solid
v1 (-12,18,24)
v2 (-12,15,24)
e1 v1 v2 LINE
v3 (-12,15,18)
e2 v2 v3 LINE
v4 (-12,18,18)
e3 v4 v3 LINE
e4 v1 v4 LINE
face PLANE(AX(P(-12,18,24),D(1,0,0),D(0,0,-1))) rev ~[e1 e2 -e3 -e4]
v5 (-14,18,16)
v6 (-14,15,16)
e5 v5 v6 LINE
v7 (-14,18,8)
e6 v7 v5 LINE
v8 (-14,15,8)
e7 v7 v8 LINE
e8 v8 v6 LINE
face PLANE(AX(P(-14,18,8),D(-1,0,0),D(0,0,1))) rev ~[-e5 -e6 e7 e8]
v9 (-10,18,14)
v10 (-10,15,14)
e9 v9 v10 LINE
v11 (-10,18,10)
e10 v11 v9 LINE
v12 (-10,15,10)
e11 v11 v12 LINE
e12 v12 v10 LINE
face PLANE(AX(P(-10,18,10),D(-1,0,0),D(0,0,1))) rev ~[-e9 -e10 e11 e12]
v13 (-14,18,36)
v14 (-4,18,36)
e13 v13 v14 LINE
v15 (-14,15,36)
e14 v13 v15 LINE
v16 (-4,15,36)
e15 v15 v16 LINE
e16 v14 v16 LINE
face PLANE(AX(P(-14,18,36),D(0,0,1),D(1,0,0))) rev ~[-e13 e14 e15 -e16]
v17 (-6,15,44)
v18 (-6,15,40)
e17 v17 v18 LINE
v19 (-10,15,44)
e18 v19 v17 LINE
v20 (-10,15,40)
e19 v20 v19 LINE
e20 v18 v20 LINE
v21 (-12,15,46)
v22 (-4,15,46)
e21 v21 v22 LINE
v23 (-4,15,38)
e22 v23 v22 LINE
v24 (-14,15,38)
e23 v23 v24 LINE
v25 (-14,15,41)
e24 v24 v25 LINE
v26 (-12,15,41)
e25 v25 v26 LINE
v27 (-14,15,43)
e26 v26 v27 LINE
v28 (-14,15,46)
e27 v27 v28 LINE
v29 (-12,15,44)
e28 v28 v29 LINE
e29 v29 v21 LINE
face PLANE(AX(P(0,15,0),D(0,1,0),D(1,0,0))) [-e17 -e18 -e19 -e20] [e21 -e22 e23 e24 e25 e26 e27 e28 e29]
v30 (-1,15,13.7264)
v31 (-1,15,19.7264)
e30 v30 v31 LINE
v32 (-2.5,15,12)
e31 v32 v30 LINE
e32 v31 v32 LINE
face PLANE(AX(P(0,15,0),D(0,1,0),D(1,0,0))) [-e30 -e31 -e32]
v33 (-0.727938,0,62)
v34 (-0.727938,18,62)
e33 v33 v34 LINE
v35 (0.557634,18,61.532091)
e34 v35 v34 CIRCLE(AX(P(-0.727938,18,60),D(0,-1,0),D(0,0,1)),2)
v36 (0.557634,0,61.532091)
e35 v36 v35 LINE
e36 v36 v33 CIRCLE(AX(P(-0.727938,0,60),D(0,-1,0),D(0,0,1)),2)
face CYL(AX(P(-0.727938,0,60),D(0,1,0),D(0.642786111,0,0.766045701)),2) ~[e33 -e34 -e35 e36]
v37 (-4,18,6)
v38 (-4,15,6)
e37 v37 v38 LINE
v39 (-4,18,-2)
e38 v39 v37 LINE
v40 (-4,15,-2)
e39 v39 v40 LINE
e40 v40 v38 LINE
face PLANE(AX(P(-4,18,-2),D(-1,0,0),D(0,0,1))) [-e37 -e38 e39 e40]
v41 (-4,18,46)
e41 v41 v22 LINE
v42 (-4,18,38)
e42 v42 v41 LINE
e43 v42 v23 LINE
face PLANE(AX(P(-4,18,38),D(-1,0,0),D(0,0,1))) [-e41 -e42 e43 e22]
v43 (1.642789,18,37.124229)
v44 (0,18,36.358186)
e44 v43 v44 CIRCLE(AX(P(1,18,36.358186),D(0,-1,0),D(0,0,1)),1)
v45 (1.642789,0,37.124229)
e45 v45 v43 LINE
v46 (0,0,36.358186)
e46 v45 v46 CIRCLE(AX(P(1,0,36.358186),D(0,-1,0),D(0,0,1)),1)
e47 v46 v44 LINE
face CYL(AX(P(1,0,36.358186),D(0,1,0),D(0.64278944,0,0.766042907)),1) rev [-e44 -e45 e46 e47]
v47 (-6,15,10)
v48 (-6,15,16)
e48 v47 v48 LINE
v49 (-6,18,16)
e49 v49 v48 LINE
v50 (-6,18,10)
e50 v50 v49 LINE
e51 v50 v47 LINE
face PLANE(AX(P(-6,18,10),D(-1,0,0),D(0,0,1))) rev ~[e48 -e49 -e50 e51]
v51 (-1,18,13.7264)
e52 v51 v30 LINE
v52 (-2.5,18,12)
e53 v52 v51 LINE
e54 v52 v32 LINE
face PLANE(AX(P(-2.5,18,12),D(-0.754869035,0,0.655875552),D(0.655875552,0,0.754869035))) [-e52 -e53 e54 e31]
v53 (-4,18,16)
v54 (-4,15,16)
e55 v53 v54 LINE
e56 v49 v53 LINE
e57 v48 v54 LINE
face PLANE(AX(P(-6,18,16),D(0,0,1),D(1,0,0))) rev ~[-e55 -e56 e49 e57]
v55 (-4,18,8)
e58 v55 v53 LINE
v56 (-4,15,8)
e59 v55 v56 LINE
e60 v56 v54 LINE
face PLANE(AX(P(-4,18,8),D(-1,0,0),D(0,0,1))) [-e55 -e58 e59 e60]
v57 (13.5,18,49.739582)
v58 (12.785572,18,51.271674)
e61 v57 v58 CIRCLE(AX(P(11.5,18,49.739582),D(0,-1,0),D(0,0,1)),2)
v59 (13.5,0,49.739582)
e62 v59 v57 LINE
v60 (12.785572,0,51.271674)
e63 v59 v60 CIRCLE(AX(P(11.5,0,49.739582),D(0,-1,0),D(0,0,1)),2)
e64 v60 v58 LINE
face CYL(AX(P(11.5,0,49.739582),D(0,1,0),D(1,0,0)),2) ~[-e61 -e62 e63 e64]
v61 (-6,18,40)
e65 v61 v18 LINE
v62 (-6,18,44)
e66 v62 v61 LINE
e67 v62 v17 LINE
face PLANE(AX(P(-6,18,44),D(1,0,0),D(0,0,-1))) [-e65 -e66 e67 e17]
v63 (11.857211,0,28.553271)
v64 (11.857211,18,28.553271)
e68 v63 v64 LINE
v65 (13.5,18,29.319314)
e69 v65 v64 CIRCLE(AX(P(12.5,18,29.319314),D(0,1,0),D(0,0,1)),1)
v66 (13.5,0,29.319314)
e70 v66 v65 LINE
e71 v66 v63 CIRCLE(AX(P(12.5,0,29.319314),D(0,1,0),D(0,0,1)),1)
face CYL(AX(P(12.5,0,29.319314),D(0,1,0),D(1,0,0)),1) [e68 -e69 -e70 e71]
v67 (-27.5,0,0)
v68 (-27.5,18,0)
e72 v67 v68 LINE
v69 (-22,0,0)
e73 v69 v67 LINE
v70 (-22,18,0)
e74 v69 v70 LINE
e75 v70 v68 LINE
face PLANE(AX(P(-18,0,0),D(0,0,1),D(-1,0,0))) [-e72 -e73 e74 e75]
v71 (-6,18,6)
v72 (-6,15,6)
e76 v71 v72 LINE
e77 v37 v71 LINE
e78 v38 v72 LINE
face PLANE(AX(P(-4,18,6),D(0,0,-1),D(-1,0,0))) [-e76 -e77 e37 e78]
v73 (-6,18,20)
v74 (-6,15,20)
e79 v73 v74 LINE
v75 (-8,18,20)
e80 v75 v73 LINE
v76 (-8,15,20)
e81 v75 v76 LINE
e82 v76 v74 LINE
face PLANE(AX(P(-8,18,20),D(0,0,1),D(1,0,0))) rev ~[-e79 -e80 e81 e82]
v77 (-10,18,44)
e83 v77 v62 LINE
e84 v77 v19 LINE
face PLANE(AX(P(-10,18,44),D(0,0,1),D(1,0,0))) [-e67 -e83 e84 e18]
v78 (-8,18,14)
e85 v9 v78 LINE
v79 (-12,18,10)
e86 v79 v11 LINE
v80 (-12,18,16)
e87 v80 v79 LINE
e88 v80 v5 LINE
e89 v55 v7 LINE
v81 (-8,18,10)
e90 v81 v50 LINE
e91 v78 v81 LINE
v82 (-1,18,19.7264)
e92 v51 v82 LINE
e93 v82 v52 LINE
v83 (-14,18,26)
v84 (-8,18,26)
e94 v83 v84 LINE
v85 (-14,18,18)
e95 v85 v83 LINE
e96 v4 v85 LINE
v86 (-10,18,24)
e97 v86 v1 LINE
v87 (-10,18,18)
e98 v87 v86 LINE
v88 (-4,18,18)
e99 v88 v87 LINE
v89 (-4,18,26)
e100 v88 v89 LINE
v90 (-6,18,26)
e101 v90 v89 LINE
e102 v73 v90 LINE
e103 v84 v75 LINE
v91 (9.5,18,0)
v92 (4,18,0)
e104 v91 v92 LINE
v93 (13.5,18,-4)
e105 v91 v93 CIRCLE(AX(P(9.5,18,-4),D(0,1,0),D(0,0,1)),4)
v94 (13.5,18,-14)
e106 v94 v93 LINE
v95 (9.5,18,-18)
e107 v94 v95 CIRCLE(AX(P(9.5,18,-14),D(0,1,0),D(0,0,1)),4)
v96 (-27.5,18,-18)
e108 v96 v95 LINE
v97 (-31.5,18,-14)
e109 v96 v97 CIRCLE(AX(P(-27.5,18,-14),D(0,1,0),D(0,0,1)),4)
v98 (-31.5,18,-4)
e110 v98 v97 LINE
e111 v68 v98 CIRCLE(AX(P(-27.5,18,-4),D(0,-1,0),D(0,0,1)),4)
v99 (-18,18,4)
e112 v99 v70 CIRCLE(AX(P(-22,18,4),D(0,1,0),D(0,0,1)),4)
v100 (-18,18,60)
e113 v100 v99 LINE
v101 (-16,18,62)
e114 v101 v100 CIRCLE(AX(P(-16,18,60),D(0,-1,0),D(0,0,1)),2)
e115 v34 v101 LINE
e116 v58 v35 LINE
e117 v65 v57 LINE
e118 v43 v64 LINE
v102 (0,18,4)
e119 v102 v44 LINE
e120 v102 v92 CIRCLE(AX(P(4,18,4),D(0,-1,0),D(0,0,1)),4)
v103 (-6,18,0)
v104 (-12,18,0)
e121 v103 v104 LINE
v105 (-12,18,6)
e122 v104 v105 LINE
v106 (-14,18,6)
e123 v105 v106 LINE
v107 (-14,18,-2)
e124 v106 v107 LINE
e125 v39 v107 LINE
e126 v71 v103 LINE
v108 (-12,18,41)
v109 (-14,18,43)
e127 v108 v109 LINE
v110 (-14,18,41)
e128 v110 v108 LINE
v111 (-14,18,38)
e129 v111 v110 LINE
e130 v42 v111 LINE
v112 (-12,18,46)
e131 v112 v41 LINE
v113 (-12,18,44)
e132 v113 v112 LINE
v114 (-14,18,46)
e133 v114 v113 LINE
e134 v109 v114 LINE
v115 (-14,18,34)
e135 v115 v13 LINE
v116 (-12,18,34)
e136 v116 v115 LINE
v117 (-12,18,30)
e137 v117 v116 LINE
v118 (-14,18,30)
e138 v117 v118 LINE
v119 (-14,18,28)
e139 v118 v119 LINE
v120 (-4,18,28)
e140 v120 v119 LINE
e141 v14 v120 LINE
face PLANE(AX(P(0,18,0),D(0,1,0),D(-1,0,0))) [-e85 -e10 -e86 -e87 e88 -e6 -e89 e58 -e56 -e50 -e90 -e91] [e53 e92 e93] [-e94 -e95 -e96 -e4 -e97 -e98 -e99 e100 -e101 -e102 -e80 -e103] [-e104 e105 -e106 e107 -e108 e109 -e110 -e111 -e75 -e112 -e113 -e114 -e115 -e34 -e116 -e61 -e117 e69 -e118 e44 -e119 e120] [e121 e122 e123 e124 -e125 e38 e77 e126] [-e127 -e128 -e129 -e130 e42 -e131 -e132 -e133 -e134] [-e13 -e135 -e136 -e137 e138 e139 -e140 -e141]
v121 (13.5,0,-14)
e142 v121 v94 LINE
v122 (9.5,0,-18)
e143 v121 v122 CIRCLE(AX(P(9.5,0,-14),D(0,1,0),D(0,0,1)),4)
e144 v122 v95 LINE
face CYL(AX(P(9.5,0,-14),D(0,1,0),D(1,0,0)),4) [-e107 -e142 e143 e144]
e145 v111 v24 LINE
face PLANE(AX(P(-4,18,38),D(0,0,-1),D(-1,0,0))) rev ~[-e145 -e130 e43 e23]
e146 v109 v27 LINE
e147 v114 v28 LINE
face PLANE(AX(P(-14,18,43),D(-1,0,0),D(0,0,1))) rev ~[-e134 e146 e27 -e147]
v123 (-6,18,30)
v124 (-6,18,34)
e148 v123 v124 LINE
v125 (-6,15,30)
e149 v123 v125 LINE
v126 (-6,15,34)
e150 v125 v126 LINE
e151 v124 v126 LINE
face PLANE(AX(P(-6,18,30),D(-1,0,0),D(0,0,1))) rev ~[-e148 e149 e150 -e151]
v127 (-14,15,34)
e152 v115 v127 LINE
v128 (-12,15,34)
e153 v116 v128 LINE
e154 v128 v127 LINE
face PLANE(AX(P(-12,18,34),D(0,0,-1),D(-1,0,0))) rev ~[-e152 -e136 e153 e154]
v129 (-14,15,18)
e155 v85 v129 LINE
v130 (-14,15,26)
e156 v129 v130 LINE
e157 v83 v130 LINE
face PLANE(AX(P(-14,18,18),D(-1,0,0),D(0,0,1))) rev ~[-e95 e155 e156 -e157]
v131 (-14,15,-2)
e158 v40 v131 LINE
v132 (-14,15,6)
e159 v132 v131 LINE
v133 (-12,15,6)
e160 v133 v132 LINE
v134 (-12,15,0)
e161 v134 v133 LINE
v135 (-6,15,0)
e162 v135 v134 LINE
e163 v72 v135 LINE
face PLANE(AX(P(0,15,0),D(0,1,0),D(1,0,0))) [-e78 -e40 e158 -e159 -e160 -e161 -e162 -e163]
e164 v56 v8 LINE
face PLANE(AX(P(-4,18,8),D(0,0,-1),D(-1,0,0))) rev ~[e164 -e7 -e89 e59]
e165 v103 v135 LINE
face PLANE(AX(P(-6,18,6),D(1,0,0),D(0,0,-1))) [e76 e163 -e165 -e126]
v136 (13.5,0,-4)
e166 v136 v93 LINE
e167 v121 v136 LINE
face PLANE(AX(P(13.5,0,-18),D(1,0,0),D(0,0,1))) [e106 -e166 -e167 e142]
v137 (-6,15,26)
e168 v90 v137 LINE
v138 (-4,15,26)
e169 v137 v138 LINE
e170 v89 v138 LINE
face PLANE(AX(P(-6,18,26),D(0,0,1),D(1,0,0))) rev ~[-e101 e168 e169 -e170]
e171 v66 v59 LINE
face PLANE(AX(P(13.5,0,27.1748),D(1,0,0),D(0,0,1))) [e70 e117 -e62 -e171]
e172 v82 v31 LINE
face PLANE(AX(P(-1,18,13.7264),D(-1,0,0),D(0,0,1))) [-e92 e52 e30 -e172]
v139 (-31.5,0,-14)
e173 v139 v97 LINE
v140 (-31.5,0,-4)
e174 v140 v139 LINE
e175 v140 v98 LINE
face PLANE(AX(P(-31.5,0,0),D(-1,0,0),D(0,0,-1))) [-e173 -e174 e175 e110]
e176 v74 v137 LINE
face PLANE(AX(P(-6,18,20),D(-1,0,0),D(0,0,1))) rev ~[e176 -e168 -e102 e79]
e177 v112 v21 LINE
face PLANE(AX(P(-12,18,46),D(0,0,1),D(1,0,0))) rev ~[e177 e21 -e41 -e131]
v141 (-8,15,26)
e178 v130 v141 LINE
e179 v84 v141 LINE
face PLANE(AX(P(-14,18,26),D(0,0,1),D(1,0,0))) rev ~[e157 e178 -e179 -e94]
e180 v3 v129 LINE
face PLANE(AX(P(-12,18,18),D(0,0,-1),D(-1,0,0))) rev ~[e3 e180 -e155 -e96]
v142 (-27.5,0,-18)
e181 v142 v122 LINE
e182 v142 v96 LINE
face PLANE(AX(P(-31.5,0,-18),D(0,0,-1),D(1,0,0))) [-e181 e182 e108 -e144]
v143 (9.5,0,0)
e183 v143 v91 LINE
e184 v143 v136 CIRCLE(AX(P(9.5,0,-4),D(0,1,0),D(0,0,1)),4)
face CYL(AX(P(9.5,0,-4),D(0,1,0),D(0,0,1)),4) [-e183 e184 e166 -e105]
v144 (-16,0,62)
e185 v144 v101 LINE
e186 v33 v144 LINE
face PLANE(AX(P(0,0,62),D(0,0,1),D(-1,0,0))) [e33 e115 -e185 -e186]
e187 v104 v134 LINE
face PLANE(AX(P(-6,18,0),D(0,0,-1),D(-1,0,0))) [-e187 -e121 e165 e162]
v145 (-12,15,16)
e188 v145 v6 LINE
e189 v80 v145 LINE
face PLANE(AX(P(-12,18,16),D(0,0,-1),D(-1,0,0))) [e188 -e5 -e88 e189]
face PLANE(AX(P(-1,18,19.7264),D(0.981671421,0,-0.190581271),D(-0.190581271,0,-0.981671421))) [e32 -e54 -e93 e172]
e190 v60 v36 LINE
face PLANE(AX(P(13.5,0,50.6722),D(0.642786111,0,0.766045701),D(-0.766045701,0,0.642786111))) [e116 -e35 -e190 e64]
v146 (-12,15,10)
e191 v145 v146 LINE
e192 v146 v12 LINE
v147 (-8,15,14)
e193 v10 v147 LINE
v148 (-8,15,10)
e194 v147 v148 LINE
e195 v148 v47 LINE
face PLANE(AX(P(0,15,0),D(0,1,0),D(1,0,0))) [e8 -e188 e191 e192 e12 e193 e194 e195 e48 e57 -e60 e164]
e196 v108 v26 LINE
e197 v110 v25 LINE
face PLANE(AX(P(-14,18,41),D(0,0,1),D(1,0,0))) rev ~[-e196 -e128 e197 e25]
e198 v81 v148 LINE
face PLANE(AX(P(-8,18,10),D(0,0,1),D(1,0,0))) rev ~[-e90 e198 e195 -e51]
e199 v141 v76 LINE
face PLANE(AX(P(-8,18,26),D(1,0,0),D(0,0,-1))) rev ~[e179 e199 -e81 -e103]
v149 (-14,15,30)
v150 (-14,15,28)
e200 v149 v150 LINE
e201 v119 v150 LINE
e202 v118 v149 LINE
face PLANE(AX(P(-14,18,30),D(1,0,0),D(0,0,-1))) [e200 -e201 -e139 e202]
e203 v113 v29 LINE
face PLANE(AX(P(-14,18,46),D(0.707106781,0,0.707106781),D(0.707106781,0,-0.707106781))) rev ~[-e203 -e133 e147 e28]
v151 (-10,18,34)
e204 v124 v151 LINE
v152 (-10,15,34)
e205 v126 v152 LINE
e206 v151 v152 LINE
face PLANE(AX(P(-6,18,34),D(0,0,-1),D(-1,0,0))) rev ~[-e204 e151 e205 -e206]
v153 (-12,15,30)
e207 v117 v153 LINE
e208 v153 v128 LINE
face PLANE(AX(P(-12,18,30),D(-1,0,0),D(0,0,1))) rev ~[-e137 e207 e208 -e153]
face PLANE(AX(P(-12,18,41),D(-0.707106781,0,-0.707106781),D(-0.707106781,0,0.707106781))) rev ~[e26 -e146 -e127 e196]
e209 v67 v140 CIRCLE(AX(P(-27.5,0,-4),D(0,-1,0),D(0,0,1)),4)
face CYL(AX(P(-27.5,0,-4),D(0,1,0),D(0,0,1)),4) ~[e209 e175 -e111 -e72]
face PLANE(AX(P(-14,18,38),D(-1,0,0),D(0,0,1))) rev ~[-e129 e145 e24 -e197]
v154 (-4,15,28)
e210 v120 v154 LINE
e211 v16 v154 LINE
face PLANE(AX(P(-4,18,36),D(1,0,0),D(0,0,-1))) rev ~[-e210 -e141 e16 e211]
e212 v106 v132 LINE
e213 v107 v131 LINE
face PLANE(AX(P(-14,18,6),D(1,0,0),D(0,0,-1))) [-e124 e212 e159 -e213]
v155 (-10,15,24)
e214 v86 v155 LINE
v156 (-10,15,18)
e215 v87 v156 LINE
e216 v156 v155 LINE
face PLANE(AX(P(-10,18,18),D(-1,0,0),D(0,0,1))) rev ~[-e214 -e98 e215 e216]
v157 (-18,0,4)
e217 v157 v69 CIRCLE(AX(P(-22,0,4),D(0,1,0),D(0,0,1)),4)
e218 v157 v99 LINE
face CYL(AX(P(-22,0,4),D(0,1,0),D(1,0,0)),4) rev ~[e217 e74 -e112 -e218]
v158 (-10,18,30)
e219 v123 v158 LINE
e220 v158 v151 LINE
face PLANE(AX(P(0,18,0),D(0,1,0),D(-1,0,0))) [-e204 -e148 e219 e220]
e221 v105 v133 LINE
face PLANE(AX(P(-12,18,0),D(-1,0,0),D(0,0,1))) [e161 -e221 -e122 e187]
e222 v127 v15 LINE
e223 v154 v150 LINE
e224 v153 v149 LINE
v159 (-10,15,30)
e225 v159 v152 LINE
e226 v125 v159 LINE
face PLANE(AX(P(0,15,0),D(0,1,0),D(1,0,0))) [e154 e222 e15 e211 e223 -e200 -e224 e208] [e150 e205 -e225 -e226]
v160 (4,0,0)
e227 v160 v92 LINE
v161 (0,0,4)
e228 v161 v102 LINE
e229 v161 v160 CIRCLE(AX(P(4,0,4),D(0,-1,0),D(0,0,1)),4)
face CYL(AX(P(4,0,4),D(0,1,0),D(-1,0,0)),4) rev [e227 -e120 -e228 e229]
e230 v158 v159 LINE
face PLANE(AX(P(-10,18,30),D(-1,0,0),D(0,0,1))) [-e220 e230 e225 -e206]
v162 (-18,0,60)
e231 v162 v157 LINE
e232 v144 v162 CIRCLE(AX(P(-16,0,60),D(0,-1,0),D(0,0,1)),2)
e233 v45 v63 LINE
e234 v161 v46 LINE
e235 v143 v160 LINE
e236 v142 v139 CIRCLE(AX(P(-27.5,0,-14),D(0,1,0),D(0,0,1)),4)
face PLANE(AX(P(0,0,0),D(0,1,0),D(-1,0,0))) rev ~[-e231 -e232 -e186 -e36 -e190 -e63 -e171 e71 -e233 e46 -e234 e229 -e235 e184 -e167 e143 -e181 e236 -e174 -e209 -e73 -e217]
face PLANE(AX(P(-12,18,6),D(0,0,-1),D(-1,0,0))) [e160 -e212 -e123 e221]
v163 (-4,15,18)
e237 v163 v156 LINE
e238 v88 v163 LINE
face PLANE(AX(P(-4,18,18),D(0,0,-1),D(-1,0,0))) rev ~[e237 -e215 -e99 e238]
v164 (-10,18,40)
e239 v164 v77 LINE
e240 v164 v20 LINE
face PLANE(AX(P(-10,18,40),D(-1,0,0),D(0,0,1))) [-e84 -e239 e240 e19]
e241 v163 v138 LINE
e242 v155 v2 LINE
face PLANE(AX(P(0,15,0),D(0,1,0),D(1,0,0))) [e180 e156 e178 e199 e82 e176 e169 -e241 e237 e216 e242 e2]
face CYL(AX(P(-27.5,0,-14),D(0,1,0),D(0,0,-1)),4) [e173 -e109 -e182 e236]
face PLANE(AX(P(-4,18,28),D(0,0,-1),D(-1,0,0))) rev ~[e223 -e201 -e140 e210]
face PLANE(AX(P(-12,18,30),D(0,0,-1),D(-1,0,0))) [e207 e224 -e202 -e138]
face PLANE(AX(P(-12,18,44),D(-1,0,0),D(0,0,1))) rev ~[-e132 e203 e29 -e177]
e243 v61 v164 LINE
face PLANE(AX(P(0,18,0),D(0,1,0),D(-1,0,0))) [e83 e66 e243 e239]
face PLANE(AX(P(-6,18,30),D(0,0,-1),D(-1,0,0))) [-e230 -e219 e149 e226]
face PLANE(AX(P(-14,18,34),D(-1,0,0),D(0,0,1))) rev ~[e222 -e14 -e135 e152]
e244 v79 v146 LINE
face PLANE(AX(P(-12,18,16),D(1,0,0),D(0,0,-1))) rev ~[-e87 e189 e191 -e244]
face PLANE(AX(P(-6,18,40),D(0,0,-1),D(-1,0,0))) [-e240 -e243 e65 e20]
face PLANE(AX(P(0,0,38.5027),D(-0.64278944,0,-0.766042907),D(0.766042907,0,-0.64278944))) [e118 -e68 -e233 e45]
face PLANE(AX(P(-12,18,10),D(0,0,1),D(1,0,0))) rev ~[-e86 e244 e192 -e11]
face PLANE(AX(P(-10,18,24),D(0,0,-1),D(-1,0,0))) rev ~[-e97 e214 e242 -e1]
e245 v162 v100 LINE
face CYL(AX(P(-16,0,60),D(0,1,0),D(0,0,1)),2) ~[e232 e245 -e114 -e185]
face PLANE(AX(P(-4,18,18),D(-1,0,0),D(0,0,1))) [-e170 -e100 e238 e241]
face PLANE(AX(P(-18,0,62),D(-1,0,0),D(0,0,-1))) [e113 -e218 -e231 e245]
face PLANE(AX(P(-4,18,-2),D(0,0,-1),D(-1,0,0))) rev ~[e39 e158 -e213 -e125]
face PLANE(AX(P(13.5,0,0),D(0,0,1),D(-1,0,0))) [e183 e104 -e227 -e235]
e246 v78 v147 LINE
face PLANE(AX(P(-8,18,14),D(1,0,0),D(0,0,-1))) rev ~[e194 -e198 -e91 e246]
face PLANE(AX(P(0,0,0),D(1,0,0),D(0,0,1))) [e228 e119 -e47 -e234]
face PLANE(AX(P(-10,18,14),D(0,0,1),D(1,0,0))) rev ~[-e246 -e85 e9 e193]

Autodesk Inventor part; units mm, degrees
ref_plane "YZ Plane" through (0, 0, 0) normal (1, 0, 0) x (0, 1, 0)
ref_plane "XZ Plane" through (0, 0, 0) normal (0, 1, 0) x (-1, 0, 0)
ref_plane "XY Plane" through (0, 0, 0) normal (0, 0, 1) x (1, 0, 0)
sketch "Sketch1" plane through (0, 0, 0) normal (0, 1, 0) x (-1, 0, 0)
  line L0 (0, 0) -> (0, 38.5027)
  line L1 (0, 38.5027) -> (-13.5, 27.1748)
  line L2 (-13.5, 27.1748) -> (-13.5, 50.6722)
  line L3 (-13.5, 50.6722) -> (0, 62)
  line L4 (0, 62) -> (18, 62)
  line L5 (18, 62) -> (18, 0)
  line L6 (18, 0) -> (31.5, 0)
  line L7 (31.5, 0) -> (31.5, -18)
  line L8 (31.5, -18) -> (-13.5, -18)
  line L9 (-13.5, -18) -> (-13.5, 0)
  line L10 (-13.5, 0) -> (0, 0)
  dimension "d0" = 50
  dimension "d1" = 80
  dimension "d2" = 18
  dimension "d3" = 18
  dimension "d4" = 13.5
  dimension "d5" = 13.5
  dimension "d6" = 18
  dimension "d7" = 0
  dimension "d8" = 0
  dimension "d9" = 0
extrude "Extrusion1" add sketch "Sketch1" along normal blind 18
fillet "Fillet1" radius 2 3 edges at (-18, 9, 62) (0, 9, 62) (13.5, 9, 50.6722)
fillet "Fillet2" radius 1 2 edges at (0, 9, 38.5027) (13.5, 9, 27.1748)
fillet "Fillet3" radius 4 6 edges at (13.5, 9, 0) (13.5, 9, -18) (-31.5, 9, -18) (-18, 9, 0) (-31.5, 9, 0) (0, 9, 0)
sketch "Sketch2" plane through (0, 18, 0) normal (0, 1, 0) x (1, 0, 0)
  line L0 (-16, -62) -> (-0.7279, -62) projected
  line L1 (-4, 2) -> (-14, 2)
  line L2 (-14, -6) -> (-14, 2)
  line L3 (-4, 2) -> (-4, -6)
  line L4 (-4, -6) -> (-6, -6)
  line L5 (-6, -6) -> (-6, 0)
  line L6 (-6, 0) -> (-12, 0)
  line L7 (-12, 0) -> (-12, -6)
  line L8 (-12, -6) -> (-14, -6)
  line L9 (-4, -8) -> (-14, -8)
  line L10 (-14, -8) -> (-14, -16)
  line L11 (-12, -16) -> (-14, -16)
  line L12 (-12, -16) -> (-12, -10)
  line L13 (-12, -10) -> (-10, -10)
  line L14 (-10, -10) -> (-10, -14)
  line L15 (-10, -14) -> (-8, -14)
  line L16 (-8, -14) -> (-8, -10)
  line L17 (-8, -10) -> (-6, -10)
  line L18 (-6, -10) -> (-6, -16)
  line L19 (-6, -16) -> (-4, -16)
  line L20 (-4, -8) -> (-4, -16)
  line L21 (-4, -18) -> (-10, -18)
  line L22 (-10, -18) -> (-10, -24)
  line L23 (-10, -24) -> (-12, -24)
  line L24 (-12, -24) -> (-12, -18)
  line L25 (-12, -18) -> (-14, -18)
  line L26 (-14, -18) -> (-14, -26)
  line L27 (-14, -26) -> (-8, -26)
  line L28 (-8, -26) -> (-8, -20)
  line L29 (-8, -20) -> (-6, -20)
  line L30 (-6, -20) -> (-6, -26)
  line L31 (-6, -26) -> (-4, -26)
  line L32 (-4, -18) -> (-4, -26)
  line L33 (-4, -28) -> (-14, -28)
  line L34 (-14, -36) -> (-4, -36)
  line L35 (-4, -36) -> (-4, -28)
  line L36 (-6, -30) -> (-10, -30)
  line L37 (-10, -30) -> (-10, -34)
  line L38 (-4, -38) -> (-14, -38)
  line L39 (-1, -19.7264) -> (-2.5, -12)
  line L40 (-4, -6) -> (-4, -8) construction
  line L41 (-4, -16) -> (-4, -18) construction
  line L42 (-4, -26) -> (-4, -28) construction
  line L43 (-4, -36) -> (-4, -38) construction
  line L44 (-14, -36) -> (-14, -38) construction
  line L45 (-14, -6) -> (-14, -8) construction
  line L46 (-14, -26) -> (-14, -28) construction
  line L47 (-6, -26) -> (-8, -26) construction
  line L48 (-10, -18) -> (-12, -18) construction
  line L49 (-8, -20) -> (-8, -18) construction
  line L50 (-10, -24) -> (-8, -24) construction
  line L51 (-10, -24) -> (-10, -26) construction
  line L52 (-6, -10) -> (-6, -8) construction
  line L53 (-12, -30) -> (-14, -30)
  line L54 (-14, -30) -> (-14, -28)
  line L55 (-14, -34) -> (-14, -36)
  line L56 (-6, -30) -> (-6, -28) construction
  line L57 (-6, -30) -> (-6, -34)
  line L58 (-6, -34) -> (-6, -36) construction
  line L59 (-6, -30) -> (-4, -30) construction
  line L60 (-12, -30) -> (-12, -34)
  line L61 (-12, -34) -> (-14, -34)
  line L62 (-10, -30) -> (-12, -30) construction
  line L63 (-4, -38) -> (-4, -46)
  line L64 (-6, -40) -> (-6, -38) construction
  line L65 (-6, -40) -> (-4, -40) construction
  line L66 (-14, -38) -> (-14, -41)
  line L67 (-14, -41) -> (-12, -41)
  line L68 (-12, -41) -> (-14, -43)
  line L69 (-14, -43) -> (-14, -46)
  line L70 (-14, -46) -> (-12, -44)
  line L71 (-12, -44) -> (-12, -46)
  line L72 (-12, -46) -> (-4, -46)
  line L73 (-10, -40) -> (-10, -44)
  line L74 (-10, -44) -> (-6, -44)
  line L75 (-6, -44) -> (-6, -40)
  line L76 (-2.5, -12) -> (-1, -13.7264)
  line L77 (-12, -46) -> (-14, -46) construction
  line L78 (-14, -41) -> (-14, -43) construction
  line L79 (-6, -40) -> (-10, -40)
  line L80 (-10, -44) -> (-12, -44) construction
  line L81 (-14, -16) -> (-14, -18) construction
  line L82 (-6, -34) -> (-10, -34)
  line L83 (-1, -13.7264) -> (-1, -19.7264)
  line L84 (-1, -13.7264) -> (-1, -12) construction
  line L85 (-1, -12) -> (-2.5, -12) construction
  line L86 (-2.5, -12) -> (-4, -12) construction
  line L87 (-18, -4) -> (-18, -60) projected
  line L88 (0, -36.3582) -> (0, -4) projected
  line L89 (9.5, 18) -> (-27.5, 18) projected
  line L90 (-9, -46) -> (-9, -62) construction
  line L91 (-9, 2) -> (-9, 18) construction
  line L92 (-4, -22) -> (0, -22) construction
  line L93 (-14, -22) -> (-18, -22) construction
  point P0 (0, 0)
  dimension "d18" = 10
  dimension "d19" = 8
  dimension "d20" = 2
  dimension "d21" = 45
  dimension "d26" = 0
  dimension "d29" = 3
  dimension "d31" = 30
extrude "Extrusion2" cut sketch "Sketch2" against normal blind 3
